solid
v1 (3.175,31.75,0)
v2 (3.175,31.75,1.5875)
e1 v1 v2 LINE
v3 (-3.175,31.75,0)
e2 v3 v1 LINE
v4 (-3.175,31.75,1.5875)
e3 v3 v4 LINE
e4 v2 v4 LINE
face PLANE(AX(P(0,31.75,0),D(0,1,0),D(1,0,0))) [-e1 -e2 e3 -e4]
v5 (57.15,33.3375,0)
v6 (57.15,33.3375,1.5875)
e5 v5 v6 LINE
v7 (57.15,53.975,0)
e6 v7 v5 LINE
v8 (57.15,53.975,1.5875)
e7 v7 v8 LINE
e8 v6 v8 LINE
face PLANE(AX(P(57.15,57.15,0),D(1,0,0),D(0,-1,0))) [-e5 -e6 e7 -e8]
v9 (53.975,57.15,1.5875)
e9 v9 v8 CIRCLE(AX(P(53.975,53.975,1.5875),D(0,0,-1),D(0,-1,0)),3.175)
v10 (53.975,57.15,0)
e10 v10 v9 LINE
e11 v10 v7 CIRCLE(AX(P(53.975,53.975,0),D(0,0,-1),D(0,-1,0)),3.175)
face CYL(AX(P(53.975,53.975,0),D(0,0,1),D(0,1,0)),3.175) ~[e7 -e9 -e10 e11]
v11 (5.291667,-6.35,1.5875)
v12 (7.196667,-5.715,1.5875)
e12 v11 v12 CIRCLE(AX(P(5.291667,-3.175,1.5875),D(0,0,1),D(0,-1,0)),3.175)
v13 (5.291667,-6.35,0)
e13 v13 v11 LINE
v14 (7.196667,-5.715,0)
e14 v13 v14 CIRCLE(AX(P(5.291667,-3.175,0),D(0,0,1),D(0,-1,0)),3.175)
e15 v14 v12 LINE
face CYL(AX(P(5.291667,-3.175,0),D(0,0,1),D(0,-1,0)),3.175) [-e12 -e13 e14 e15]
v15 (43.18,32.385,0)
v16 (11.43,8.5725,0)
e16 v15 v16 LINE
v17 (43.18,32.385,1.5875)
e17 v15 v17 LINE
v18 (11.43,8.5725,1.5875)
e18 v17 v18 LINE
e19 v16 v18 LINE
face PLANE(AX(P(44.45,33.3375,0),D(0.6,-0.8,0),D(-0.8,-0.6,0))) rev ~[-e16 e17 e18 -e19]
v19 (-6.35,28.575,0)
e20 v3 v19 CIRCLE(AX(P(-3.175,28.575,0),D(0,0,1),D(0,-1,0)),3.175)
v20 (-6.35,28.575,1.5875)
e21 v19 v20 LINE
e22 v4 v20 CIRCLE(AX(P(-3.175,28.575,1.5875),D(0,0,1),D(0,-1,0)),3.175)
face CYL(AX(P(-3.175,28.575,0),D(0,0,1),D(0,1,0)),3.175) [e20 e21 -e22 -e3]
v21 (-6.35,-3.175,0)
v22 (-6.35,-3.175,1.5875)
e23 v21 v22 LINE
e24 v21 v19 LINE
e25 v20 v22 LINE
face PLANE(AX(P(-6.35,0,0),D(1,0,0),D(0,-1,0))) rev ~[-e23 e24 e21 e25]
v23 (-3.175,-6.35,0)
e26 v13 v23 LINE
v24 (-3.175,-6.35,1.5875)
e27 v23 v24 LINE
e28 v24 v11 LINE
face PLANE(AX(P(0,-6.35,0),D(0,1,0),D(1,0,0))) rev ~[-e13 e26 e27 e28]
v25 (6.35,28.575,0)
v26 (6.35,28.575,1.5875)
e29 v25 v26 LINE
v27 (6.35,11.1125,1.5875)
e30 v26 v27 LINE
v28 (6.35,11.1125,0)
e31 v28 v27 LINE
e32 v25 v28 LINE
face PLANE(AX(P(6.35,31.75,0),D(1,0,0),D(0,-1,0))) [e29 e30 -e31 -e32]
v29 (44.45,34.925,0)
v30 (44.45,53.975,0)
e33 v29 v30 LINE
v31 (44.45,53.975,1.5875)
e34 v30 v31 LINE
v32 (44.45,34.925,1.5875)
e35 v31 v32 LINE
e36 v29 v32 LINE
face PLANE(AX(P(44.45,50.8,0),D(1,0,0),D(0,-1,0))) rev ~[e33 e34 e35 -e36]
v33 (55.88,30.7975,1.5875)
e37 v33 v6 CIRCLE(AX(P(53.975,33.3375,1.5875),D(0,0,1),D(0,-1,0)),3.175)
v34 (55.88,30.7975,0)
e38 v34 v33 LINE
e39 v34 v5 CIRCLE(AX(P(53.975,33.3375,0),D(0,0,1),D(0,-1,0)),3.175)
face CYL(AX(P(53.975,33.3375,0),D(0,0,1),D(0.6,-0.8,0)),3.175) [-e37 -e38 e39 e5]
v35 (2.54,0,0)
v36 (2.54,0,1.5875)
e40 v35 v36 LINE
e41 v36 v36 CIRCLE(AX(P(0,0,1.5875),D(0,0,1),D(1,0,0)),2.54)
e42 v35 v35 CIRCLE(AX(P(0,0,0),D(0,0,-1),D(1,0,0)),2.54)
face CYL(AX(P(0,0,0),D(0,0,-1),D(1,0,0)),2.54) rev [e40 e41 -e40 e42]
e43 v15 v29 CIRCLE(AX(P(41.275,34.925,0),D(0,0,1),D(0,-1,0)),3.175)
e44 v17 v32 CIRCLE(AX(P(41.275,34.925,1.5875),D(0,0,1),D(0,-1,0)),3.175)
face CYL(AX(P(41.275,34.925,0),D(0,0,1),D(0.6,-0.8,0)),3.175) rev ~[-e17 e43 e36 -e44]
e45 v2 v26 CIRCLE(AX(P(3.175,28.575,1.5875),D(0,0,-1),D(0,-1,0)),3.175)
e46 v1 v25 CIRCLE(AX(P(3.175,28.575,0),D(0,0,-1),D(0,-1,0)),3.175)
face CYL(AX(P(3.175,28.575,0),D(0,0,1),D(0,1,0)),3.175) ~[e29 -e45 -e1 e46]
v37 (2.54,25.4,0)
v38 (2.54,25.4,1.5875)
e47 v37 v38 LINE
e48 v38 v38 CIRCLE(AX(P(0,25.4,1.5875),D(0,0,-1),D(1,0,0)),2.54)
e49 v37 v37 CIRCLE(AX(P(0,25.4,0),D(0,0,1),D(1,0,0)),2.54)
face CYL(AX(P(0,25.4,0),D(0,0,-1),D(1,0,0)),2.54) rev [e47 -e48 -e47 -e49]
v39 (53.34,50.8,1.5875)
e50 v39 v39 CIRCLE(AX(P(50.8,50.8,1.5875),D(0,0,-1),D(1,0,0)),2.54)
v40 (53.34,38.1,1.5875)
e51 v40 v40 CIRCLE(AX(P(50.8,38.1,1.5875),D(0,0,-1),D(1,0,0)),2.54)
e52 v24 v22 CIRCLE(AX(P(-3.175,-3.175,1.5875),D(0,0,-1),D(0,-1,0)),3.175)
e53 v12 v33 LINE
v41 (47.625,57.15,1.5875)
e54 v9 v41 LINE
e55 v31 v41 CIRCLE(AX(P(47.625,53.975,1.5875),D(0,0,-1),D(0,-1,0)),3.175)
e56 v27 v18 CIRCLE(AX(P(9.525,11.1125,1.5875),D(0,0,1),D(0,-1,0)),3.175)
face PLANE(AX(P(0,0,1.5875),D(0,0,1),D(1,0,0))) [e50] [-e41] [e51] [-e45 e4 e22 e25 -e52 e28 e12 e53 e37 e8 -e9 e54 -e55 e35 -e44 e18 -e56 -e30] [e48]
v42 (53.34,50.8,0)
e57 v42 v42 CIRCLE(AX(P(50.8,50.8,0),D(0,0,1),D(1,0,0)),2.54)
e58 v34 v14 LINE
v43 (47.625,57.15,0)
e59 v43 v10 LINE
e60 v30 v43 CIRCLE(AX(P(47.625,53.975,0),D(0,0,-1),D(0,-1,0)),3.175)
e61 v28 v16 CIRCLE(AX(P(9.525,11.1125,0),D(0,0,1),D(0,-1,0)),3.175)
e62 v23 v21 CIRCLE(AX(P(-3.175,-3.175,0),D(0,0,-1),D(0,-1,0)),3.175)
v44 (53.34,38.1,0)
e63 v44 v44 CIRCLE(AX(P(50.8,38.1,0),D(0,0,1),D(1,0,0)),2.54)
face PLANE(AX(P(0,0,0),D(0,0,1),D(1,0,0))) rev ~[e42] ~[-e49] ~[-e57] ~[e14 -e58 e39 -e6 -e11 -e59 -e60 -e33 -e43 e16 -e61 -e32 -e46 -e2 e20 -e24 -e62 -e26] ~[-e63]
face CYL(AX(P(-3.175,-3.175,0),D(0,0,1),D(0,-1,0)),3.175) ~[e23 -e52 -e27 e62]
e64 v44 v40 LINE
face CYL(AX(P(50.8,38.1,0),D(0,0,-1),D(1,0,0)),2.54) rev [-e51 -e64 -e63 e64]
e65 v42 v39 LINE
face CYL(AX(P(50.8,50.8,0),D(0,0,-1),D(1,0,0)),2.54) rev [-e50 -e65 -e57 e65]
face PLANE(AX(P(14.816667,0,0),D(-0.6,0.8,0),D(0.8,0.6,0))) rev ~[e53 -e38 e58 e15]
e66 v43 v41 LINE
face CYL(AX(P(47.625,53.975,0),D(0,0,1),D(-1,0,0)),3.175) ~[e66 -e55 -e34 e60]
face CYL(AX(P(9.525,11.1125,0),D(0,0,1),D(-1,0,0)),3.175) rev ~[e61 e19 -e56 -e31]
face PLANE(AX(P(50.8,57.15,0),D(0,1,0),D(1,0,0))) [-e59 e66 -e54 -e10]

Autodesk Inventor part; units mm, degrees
ref_plane "YZ Plane" through (0, 0, 0) normal (1, 0, 0) x (0, 1, 0)
ref_plane "XZ Plane" through (0, 0, 0) normal (0, 1, 0) x (-1, 0, 0)
ref_plane "XY Plane" through (0, 0, 0) normal (0, 0, 1) x (1, 0, 0)
sketch "Sketch1" plane through (0, 0, 0) normal (0, 0, 1) x (1, 0, 0)
  line L0 (0, 0) -> (50.8, 0)
  line L1 (50.8, 0) -> (50.8, 50.8)
  line L2 (50.8, 50.8) -> (0, 50.8)
  line L3 (0, 50.8) -> (0, 0)
  circle A0 centre (50.8, 50.8) radius 2.54
  line L4 (50.8, 50.8) -> (50.8, 38.1)
  circle A1 centre (50.8, 38.1) radius 2.54
  line L5 (50.8, 50.8) -> (50.8, 57.15)
  line L6 (50.8, 57.15) -> (57.15, 57.15)
  line L7 (57.15, 57.15) -> (57.15, 50.8)
  line L8 (57.15, 50.8) -> (57.15, 0)
  line L9 (50.8, 57.15) -> (0, 57.15)
  line L10 (50.8, 57.15) -> (44.45, 57.15)
  line L11 (44.45, 57.15) -> (44.45, 31.75)
  line L12 (44.45, 31.75) -> (57.15, 31.75)
  circle A2 centre (0, 0) radius 2.54
  line L13 (0, 0) -> (0, -6.35)
  line L14 (0, -6.35) -> (6.35, -6.35)
  line L15 (6.35, -6.35) -> (6.35, 0)
  line L16 (0, 0) -> (-6.35, 0)
  line L17 (-6.35, 0) -> (-6.35, -6.35)
  line L18 (-6.35, -6.35) -> (0, -6.35)
  line L19 (0, 0) -> (0, 25.4)
  circle A3 centre (0, 25.4) radius 2.54
  line L20 (-6.35, 0) -> (-6.35, 31.75)
  line L21 (-6.35, 31.75) -> (6.35, 31.75)
  line L22 (6.35, 31.75) -> (6.35, 0)
  line L23 (6.35, -6.35) -> (57.15, 31.75)
  line L24 (44.45, 31.75) -> (44.45, 22.225)
  line L25 (6.35, -6.35) -> (6.35, 3.175)
  line L26 (50.8, 38.1) -> (0, 0)
  point P0 (44.45, 33.3375)
  point P1 (6.35, 4.7625)
  dimension "d1" = 50.8
  dimension "d2" = 50.8
  dimension "d3" = 5.08
  dimension "d4" = 12.7
  dimension "d5" = 5.08
  dimension "d6" = 6.35
  dimension "d7" = 6.35
  dimension "d8" = 6.35
  dimension "d9" = 50.8
  dimension "d10" = 50.8
  dimension "d11" = 6.35
  dimension "d12" = 25.4
  dimension "d13" = 5.08
  dimension "d14" = 6.35
  dimension "d15" = 6.35
  dimension "d16" = 6.35
  dimension "d17" = 25.4
  dimension "d18" = 5.08
  dimension "d19" = 9.525
extrude "Extrusion1" add sketch "Sketch1" along normal blind 1.5875 contours A2 L26 L22 L0 | L0 L15 L14 L13 A2 | A2 L16 L20 L21 L3 A3 | L3 A3 L21 L22 L26 A2 | L13 L18 L17 L16 A2 | L22 L26 L11 L24 L23 L0 | L0 L23 L15 | L26 A1 L1 L12 L11 | L11 L2 A0 L1 A1 L26 | L24 L12 L1 L23 | L11 L9 L5 A0 L2 | L1 L12 L23 | L1 A1 A0 L5 L6 L7 L8 L12
fillet "Fillet1" radius 3.175 9 edges at (-6.35, 31.75, 0.7937) (6.35, 31.75, 0.7937) (-6.35, -6.35, 0.7937) (6.35, -6.35, 0.7937) (6.35, 4.7625, 0.7937) (44.45, 33.3375, 0.7937) (44.45, 57.15, 0.7937) (57.15, 57.15, 0.7937) (57.15, 31.75, 0.7937)
properties part number "funnelPoly"
